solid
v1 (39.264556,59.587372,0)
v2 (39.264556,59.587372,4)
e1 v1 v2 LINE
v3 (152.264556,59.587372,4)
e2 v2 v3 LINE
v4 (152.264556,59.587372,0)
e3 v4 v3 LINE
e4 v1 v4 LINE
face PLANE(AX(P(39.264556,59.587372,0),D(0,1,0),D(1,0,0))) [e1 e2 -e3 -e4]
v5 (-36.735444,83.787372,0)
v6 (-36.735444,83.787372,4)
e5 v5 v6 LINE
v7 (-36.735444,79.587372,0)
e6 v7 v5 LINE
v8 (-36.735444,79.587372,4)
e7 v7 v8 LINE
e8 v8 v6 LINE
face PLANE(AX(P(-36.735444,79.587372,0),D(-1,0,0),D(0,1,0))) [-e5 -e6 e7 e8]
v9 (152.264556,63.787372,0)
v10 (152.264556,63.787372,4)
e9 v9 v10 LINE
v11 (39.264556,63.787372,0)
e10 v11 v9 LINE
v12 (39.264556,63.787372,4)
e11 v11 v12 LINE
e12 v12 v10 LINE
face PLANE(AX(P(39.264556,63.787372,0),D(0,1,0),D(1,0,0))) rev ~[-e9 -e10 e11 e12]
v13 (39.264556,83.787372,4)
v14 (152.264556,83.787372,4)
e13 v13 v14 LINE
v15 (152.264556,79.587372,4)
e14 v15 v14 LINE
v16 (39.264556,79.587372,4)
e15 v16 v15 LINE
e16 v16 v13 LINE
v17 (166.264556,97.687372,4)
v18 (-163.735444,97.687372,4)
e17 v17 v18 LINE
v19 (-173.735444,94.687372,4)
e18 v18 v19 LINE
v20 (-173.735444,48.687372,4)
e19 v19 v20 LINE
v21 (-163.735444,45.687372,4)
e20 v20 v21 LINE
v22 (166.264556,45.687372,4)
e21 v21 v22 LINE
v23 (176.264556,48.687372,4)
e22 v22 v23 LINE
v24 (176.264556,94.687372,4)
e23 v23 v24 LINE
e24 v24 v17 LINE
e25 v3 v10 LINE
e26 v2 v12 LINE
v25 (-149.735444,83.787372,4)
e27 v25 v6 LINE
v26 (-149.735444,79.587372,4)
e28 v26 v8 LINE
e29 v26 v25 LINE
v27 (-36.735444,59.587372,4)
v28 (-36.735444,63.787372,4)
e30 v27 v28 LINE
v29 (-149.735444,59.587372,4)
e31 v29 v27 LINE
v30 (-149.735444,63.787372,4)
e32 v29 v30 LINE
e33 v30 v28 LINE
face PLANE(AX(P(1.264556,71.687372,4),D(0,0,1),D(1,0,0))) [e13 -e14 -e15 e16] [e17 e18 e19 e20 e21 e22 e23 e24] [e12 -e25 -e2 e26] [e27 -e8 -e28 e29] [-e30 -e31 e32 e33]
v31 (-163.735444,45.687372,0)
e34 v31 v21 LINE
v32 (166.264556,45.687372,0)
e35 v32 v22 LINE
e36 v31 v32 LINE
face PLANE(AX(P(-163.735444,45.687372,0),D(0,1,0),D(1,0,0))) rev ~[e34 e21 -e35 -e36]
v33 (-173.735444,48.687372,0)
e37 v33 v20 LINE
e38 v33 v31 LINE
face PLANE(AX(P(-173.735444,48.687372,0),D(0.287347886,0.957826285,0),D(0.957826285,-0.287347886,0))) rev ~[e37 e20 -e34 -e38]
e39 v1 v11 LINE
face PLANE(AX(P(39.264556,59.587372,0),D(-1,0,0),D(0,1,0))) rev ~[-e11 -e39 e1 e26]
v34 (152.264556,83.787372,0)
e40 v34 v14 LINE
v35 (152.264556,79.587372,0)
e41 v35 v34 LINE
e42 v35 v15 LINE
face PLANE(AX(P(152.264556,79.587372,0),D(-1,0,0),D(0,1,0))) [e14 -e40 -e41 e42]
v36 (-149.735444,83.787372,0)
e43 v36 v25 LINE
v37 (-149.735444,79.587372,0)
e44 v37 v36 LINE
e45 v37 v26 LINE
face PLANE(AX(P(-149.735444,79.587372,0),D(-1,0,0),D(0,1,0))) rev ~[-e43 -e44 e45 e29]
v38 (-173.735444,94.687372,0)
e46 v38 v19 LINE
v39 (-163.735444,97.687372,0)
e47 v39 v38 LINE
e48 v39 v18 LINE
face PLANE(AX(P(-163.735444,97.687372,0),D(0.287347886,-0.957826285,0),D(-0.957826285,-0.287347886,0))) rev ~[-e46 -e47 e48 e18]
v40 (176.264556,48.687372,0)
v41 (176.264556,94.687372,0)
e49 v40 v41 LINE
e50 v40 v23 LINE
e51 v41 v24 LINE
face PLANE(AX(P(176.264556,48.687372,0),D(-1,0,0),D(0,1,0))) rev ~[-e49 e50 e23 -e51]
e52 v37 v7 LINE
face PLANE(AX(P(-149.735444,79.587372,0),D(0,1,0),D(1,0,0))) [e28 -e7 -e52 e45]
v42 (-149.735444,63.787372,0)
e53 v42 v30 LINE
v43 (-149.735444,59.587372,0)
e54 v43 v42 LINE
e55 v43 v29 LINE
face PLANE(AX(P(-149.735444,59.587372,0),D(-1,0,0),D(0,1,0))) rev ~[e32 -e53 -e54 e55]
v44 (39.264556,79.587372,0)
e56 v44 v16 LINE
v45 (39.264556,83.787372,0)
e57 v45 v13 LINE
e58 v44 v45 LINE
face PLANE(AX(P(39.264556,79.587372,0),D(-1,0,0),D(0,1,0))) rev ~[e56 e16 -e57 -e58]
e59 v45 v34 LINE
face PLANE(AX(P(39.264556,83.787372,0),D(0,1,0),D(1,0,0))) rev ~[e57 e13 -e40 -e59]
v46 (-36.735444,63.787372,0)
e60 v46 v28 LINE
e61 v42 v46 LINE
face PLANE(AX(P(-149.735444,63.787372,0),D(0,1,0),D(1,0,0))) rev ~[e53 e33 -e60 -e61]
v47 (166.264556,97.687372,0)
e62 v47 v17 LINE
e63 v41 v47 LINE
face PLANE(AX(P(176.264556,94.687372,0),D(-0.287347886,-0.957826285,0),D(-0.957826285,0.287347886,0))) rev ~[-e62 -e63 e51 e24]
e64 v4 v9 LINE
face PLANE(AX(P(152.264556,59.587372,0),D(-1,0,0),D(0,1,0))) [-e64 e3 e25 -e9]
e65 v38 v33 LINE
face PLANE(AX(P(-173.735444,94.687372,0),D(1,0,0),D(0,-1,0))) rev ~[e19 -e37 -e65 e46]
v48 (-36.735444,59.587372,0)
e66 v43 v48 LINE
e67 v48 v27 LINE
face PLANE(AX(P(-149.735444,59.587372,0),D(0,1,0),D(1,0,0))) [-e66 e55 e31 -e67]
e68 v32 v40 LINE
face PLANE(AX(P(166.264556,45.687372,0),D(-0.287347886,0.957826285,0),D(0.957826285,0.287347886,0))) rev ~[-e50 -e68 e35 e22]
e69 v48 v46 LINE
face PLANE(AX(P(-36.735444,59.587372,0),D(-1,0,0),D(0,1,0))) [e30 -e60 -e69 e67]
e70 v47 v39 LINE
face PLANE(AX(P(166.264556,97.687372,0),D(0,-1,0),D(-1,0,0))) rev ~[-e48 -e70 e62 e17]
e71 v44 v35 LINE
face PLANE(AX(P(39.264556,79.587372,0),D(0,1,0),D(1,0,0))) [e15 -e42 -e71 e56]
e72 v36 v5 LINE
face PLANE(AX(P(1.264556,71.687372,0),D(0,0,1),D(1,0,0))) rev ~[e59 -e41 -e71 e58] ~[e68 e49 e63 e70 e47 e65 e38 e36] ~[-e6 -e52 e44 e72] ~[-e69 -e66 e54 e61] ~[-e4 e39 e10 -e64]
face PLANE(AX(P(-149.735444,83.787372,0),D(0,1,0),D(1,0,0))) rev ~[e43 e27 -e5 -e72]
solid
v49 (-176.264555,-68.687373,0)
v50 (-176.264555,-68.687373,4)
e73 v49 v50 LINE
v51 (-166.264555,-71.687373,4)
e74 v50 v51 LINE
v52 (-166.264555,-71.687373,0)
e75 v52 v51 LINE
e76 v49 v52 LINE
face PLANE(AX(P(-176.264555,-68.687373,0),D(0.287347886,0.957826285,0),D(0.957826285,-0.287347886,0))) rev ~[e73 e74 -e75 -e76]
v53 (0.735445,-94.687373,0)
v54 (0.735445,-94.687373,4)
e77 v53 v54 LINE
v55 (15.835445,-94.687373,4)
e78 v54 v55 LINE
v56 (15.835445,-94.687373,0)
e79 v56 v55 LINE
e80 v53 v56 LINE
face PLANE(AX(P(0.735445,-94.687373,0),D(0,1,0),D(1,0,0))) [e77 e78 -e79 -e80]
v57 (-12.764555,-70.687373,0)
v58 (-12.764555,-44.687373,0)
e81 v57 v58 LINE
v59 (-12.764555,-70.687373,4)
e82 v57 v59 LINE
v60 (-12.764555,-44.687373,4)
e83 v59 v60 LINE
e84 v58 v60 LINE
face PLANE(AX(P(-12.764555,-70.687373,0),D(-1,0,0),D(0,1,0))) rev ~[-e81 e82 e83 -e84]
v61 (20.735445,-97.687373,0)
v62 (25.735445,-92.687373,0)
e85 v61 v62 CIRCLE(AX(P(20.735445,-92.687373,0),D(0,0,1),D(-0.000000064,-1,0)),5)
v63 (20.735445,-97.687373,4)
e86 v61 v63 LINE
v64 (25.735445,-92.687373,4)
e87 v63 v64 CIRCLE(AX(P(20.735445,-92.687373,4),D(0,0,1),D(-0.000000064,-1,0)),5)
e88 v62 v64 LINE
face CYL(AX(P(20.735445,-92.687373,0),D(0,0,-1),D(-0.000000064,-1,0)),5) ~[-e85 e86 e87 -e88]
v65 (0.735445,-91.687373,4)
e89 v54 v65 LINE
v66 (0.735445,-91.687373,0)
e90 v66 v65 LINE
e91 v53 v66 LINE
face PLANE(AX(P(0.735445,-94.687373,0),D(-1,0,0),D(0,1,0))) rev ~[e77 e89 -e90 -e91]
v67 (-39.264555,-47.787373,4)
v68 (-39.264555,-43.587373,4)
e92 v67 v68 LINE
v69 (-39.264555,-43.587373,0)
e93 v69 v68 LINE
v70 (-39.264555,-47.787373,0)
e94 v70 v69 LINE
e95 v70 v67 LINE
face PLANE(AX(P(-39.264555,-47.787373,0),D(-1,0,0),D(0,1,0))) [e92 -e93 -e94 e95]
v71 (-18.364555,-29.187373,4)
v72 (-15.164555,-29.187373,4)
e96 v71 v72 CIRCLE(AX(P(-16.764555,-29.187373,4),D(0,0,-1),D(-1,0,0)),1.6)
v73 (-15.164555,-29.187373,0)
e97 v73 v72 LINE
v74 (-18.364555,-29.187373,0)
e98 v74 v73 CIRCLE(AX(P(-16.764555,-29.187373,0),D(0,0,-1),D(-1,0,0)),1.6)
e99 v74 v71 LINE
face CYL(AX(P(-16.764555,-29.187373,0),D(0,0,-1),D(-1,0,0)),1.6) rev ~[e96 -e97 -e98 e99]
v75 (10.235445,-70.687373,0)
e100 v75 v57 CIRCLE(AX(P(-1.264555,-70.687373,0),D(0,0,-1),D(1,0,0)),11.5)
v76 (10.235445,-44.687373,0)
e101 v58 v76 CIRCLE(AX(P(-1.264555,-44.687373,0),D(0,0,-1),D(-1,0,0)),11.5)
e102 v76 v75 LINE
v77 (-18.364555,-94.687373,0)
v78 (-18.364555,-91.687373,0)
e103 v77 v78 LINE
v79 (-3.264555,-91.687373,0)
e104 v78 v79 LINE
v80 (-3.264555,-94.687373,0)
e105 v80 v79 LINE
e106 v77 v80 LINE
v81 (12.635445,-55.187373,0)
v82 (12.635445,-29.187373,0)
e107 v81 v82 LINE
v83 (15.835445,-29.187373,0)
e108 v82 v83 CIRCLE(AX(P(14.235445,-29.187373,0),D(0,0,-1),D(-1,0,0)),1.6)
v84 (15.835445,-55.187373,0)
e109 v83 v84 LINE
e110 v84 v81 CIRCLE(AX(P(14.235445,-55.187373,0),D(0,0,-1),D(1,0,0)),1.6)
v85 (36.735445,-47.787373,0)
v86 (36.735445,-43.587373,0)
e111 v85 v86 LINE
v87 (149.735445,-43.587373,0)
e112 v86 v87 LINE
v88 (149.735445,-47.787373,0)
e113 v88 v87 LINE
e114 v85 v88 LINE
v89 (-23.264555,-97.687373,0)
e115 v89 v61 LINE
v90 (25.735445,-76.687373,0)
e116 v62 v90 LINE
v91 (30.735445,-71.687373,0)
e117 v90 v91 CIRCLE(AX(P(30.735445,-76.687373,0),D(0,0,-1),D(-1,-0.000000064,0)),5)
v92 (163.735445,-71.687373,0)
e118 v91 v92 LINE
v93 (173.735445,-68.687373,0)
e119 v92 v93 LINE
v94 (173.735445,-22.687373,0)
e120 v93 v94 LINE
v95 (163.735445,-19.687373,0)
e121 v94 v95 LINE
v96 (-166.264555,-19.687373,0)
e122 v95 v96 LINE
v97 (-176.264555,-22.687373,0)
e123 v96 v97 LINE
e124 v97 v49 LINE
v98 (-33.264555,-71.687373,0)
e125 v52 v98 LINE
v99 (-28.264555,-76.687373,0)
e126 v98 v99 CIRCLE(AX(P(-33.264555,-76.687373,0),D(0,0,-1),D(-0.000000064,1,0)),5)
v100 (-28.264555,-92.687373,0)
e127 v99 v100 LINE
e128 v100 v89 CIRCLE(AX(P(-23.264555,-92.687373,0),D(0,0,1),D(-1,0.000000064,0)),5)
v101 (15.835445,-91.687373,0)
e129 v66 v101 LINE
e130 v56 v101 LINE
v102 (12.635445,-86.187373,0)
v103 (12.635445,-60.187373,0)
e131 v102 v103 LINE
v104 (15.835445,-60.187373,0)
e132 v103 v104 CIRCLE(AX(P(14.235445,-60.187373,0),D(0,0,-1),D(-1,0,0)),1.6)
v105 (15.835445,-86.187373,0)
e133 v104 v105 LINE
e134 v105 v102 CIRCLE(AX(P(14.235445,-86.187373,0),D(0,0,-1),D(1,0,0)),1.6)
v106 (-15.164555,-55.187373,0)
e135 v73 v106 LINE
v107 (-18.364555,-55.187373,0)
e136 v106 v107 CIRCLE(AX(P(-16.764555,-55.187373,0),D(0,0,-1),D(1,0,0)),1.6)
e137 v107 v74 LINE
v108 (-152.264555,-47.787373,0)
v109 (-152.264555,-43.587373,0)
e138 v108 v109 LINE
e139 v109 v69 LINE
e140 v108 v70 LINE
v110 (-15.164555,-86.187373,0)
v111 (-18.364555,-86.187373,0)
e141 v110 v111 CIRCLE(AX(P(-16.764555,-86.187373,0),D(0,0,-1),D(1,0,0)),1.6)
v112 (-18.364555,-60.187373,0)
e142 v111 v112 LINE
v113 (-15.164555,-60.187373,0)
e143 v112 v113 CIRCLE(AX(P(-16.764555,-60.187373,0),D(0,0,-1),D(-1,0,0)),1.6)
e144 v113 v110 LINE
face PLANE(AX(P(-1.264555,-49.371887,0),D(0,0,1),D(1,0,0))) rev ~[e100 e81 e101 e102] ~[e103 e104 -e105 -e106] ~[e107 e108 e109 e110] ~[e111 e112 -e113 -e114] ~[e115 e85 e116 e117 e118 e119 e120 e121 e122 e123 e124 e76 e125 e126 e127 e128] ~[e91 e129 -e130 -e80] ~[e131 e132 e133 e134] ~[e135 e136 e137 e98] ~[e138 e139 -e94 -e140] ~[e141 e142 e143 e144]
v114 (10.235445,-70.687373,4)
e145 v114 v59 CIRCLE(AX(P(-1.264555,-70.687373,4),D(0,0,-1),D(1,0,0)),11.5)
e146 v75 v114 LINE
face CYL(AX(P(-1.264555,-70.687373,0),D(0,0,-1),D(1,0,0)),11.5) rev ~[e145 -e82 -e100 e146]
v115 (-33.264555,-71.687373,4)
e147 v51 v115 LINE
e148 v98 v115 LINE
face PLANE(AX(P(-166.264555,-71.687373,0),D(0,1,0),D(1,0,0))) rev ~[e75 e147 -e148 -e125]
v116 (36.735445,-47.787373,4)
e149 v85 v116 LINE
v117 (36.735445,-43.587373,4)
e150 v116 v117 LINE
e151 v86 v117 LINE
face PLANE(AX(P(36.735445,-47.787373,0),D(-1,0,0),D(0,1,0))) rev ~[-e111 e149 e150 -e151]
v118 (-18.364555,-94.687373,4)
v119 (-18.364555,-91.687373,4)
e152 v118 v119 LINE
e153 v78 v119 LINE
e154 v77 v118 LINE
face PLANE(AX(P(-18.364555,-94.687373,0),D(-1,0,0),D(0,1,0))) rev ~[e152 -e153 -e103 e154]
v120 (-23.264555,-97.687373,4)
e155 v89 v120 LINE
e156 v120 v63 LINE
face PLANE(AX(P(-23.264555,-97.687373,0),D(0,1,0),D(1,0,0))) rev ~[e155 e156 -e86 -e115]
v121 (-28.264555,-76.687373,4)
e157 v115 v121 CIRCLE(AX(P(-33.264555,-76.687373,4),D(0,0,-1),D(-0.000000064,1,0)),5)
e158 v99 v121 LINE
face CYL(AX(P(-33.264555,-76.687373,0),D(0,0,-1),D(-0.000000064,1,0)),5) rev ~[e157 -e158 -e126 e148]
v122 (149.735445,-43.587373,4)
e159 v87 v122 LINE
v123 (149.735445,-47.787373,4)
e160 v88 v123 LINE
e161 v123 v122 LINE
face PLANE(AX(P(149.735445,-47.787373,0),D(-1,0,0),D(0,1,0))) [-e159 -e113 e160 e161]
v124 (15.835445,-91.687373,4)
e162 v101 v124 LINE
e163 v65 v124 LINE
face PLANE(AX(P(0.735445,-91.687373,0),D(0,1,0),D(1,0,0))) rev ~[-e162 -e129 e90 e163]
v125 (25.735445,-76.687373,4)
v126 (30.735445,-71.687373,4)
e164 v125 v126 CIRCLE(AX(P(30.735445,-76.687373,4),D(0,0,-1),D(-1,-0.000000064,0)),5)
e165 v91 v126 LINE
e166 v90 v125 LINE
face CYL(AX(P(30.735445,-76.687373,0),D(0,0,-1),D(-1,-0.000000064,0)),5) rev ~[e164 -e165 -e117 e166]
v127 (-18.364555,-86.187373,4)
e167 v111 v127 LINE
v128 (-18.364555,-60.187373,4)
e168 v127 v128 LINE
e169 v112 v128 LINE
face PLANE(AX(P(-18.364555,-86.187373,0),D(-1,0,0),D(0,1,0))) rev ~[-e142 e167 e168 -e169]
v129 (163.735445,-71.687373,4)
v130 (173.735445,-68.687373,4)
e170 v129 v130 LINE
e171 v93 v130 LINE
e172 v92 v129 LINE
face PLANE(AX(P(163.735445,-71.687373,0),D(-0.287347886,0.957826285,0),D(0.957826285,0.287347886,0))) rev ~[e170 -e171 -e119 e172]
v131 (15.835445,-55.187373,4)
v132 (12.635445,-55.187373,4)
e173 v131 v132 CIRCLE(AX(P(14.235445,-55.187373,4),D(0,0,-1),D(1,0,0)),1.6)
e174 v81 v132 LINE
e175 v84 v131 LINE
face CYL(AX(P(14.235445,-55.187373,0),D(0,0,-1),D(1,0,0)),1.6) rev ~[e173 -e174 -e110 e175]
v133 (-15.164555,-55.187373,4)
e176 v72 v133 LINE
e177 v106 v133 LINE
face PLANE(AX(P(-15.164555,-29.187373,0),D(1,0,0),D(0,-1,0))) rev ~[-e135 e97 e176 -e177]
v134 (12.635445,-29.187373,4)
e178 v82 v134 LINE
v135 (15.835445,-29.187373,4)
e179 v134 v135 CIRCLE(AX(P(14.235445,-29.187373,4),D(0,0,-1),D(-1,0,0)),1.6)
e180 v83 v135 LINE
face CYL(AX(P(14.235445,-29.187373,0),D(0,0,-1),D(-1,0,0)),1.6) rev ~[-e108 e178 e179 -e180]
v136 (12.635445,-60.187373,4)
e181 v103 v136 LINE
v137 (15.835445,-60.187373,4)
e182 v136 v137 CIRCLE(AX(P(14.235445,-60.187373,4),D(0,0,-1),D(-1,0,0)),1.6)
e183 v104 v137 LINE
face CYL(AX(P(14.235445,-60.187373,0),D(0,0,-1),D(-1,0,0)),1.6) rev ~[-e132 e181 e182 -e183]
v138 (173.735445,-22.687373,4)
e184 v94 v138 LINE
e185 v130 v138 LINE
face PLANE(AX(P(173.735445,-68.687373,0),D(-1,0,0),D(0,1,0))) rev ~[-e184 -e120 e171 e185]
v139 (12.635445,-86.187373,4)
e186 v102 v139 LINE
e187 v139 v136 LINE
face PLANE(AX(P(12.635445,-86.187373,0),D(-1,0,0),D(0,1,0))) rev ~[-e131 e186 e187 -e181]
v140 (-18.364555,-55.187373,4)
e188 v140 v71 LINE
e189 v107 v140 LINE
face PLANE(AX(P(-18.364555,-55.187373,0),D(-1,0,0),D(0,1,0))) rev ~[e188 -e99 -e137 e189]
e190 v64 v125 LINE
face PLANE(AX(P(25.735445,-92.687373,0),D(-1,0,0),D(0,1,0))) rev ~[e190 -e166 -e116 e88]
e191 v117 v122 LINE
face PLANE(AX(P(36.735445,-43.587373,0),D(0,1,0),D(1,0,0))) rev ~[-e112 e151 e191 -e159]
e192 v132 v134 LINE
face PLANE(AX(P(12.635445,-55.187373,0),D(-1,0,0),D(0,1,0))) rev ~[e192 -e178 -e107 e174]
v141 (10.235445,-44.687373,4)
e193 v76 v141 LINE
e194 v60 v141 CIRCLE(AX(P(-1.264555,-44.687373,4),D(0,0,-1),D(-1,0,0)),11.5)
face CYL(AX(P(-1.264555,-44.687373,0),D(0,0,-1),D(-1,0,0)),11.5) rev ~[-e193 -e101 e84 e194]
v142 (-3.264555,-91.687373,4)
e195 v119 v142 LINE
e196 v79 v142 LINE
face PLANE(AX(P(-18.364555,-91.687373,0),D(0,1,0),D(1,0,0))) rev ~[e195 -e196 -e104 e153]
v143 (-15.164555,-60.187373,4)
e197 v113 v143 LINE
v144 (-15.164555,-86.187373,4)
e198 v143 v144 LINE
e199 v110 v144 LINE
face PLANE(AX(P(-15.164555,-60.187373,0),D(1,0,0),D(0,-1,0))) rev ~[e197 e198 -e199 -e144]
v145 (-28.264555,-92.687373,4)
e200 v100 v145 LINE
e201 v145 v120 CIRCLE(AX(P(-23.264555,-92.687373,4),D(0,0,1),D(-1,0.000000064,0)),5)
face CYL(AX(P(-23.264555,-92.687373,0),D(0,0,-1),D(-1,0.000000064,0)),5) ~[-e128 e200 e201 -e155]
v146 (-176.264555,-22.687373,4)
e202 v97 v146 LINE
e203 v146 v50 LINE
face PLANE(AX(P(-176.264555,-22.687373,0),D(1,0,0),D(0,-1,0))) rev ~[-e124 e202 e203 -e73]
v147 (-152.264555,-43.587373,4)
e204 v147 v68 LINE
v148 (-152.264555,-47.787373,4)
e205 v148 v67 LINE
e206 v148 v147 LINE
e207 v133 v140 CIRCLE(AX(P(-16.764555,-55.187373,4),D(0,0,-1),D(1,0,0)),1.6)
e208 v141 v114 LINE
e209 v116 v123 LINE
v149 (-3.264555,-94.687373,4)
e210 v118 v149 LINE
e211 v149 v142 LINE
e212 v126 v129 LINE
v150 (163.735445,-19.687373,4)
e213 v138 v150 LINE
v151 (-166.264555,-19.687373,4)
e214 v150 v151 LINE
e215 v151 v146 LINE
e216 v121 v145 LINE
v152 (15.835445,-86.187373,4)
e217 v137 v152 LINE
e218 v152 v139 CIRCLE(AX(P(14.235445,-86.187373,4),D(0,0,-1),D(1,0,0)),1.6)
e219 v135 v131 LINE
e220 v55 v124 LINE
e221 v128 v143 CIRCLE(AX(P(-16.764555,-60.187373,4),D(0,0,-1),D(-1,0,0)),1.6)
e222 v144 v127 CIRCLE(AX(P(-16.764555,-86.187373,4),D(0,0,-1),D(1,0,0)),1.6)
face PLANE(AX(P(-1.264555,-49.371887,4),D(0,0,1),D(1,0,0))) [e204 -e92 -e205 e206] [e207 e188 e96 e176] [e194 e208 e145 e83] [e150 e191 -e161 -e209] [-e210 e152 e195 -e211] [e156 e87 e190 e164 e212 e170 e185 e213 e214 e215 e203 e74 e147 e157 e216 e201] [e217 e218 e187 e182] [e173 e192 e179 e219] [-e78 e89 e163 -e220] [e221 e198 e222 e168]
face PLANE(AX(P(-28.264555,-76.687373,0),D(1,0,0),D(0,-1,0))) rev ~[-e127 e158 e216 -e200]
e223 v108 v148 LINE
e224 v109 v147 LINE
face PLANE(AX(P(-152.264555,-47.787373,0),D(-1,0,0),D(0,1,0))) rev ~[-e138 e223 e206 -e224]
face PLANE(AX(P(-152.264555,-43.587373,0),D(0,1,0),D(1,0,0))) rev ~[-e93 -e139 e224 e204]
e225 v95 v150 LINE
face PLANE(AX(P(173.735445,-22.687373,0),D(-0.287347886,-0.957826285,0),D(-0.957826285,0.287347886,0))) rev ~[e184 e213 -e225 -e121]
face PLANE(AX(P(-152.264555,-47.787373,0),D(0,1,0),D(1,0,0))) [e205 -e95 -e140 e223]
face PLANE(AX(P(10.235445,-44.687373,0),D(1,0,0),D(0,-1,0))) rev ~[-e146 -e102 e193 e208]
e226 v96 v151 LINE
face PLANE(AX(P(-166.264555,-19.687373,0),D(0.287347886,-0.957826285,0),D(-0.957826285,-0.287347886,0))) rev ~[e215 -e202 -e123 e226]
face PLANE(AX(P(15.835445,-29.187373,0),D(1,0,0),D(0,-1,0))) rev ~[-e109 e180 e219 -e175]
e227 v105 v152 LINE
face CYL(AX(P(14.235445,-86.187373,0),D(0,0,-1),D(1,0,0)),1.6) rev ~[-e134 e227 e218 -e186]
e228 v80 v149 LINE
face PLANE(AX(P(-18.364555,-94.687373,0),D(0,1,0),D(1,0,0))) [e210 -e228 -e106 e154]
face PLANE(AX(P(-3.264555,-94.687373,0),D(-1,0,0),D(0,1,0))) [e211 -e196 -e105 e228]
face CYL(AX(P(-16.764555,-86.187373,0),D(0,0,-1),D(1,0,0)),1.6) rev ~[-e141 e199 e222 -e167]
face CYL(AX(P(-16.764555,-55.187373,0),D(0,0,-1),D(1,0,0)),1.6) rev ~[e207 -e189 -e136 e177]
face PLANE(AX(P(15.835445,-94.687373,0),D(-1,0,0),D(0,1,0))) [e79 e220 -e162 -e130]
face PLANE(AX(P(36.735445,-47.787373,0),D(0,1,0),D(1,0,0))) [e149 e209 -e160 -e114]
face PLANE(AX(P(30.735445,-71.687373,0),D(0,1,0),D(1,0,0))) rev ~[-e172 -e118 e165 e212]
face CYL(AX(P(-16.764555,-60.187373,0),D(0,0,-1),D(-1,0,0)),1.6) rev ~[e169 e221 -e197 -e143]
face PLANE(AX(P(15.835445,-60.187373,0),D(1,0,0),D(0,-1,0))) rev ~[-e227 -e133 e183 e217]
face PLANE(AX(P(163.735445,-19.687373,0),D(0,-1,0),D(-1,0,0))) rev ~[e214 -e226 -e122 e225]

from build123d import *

# Parameters (mm, degrees)
F0_W     = 113
F0_H     = 4.2
F0_W_2   = 15.1
F0_H_2   = 3
F1_DEPTH = 4


with BuildPart() as f1:
    # F0 (on Top) → F1 (new body)
    with BuildSketch(Plane.XY):
        Polygon((-163.735444, 97.687372), (-173.735444, 94.687372), (-173.735444, 48.687372), (-163.735444, 45.687372), (166.264556, 45.687372), (176.264556, 48.687372), (176.264556, 94.687372), (166.264556, 97.687372), align=None)
        with Locations((-93.235444, 61.687372)):
            Rectangle(F0_W, F0_H, mode=Mode.SUBTRACT)
        with Locations((-93.235444, 81.687372)):
            Rectangle(F0_W, F0_H, mode=Mode.SUBTRACT)
        with Locations((95.764556, 61.687372)):
            Rectangle(F0_W, F0_H, mode=Mode.SUBTRACT)
        with Locations((95.764556, 81.687372)):
            Rectangle(F0_W, F0_H, mode=Mode.SUBTRACT)
        with BuildLine():
            Line((163.735445, -19.687373), (-166.264555, -19.687373))
            Line((-166.264555, -19.687373), (-176.264555, -22.687373))
            Line((-176.264555, -22.687373), (-176.264555, -68.687373))
            Line((-176.264555, -68.687373), (-166.264555, -71.687373))
            Line((-166.264555, -71.687373), (-33.264555, -71.687373))
            ThreePointArc((-33.264555, -71.687373), (-29.729021, -73.151839), (-28.264555, -76.687373))
            Line((-28.264555, -76.687373), (-28.264555, -92.687373))
            ThreePointArc((-28.264555, -92.687373), (-26.800089, -96.222907), (-23.264555, -97.687373))
            Line((-23.264555, -97.687373), (20.735445, -97.687373))
            ThreePointArc((20.735445, -97.687373), (24.270979, -96.222907), (25.735445, -92.687373))
            Line((25.735445, -92.687373), (25.735445, -76.687373))
            ThreePointArc((25.735445, -76.687373), (27.199911, -73.151839), (30.735445, -71.687373))
            Line((30.735445, -71.687373), (163.735445, -71.687373))
            Line((163.735445, -71.687373), (173.735445, -68.687373))
            Line((173.735445, -68.687373), (173.735445, -22.687373))
            Line((173.735445, -22.687373), (163.735445, -19.687373))
        make_face()
        with Locations((-10.814555, -93.187373)):
            Rectangle(F0_W_2, F0_H_2, mode=Mode.SUBTRACT)
        with BuildLine():
            Line((-15.164555, -60.187373), (-15.164555, -86.187373))
            ThreePointArc((-15.164555, -86.187373), (-16.764555, -87.787373), (-18.364555, -86.187373))
            Line((-18.364555, -86.187373), (-18.364555, -60.187373))
            ThreePointArc((-18.364555, -60.187373), (-16.764555, -58.587373), (-15.164555, -60.187373))
        make_face(mode=Mode.SUBTRACT)
        with BuildLine():
            Line((-12.764555, -70.687373), (-12.764555, -44.687373))
            ThreePointArc((-12.764555, -44.687373), (-1.264555, -33.187373), (10.235445, -44.687373))
            Line((10.235445, -44.687373), (10.235445, -70.687373))
            ThreePointArc((10.235445, -70.687373), (-1.264555, -82.187373), (-12.764555, -70.687373))
        make_face(mode=Mode.SUBTRACT)
        with Locations((-95.764555, -45.687373)):
            Rectangle(F0_W, F0_H, mode=Mode.SUBTRACT)
        with BuildLine():
            Line((-18.364555, -55.187373), (-18.364555, -29.187373))
            ThreePointArc((-18.364555, -29.187373), (-16.764555, -27.587373), (-15.164555, -29.187373))
            Line((-15.164555, -29.187373), (-15.164555, -55.187373))
            ThreePointArc((-15.164555, -55.187373), (-16.764555, -56.787373), (-18.364555, -55.187373))
        make_face(mode=Mode.SUBTRACT)
        with Locations((8.285445, -93.187373)):
            Rectangle(F0_W_2, F0_H_2, mode=Mode.SUBTRACT)
        with BuildLine():
            Line((15.835445, -60.187373), (15.835445, -86.187373))
            ThreePointArc((15.835445, -86.187373), (14.235445, -87.787373), (12.635445, -86.187373))
            Line((12.635445, -86.187373), (12.635445, -60.187373))
            ThreePointArc((12.635445, -60.187373), (14.235445, -58.587373), (15.835445, -60.187373))
        make_face(mode=Mode.SUBTRACT)
        with BuildLine():
            Line((12.635445, -55.187373), (12.635445, -29.187373))
            ThreePointArc((12.635445, -29.187373), (14.235445, -27.587373), (15.835445, -29.187373))
            Line((15.835445, -29.187373), (15.835445, -55.187373))
            ThreePointArc((15.835445, -55.187373), (14.235445, -56.787373), (12.635445, -55.187373))
        make_face(mode=Mode.SUBTRACT)
        with Locations((93.235445, -45.687373)):
            Rectangle(F0_W, F0_H, mode=Mode.SUBTRACT)
    extrude(amount=F1_DEPTH)


solid = f1.part
